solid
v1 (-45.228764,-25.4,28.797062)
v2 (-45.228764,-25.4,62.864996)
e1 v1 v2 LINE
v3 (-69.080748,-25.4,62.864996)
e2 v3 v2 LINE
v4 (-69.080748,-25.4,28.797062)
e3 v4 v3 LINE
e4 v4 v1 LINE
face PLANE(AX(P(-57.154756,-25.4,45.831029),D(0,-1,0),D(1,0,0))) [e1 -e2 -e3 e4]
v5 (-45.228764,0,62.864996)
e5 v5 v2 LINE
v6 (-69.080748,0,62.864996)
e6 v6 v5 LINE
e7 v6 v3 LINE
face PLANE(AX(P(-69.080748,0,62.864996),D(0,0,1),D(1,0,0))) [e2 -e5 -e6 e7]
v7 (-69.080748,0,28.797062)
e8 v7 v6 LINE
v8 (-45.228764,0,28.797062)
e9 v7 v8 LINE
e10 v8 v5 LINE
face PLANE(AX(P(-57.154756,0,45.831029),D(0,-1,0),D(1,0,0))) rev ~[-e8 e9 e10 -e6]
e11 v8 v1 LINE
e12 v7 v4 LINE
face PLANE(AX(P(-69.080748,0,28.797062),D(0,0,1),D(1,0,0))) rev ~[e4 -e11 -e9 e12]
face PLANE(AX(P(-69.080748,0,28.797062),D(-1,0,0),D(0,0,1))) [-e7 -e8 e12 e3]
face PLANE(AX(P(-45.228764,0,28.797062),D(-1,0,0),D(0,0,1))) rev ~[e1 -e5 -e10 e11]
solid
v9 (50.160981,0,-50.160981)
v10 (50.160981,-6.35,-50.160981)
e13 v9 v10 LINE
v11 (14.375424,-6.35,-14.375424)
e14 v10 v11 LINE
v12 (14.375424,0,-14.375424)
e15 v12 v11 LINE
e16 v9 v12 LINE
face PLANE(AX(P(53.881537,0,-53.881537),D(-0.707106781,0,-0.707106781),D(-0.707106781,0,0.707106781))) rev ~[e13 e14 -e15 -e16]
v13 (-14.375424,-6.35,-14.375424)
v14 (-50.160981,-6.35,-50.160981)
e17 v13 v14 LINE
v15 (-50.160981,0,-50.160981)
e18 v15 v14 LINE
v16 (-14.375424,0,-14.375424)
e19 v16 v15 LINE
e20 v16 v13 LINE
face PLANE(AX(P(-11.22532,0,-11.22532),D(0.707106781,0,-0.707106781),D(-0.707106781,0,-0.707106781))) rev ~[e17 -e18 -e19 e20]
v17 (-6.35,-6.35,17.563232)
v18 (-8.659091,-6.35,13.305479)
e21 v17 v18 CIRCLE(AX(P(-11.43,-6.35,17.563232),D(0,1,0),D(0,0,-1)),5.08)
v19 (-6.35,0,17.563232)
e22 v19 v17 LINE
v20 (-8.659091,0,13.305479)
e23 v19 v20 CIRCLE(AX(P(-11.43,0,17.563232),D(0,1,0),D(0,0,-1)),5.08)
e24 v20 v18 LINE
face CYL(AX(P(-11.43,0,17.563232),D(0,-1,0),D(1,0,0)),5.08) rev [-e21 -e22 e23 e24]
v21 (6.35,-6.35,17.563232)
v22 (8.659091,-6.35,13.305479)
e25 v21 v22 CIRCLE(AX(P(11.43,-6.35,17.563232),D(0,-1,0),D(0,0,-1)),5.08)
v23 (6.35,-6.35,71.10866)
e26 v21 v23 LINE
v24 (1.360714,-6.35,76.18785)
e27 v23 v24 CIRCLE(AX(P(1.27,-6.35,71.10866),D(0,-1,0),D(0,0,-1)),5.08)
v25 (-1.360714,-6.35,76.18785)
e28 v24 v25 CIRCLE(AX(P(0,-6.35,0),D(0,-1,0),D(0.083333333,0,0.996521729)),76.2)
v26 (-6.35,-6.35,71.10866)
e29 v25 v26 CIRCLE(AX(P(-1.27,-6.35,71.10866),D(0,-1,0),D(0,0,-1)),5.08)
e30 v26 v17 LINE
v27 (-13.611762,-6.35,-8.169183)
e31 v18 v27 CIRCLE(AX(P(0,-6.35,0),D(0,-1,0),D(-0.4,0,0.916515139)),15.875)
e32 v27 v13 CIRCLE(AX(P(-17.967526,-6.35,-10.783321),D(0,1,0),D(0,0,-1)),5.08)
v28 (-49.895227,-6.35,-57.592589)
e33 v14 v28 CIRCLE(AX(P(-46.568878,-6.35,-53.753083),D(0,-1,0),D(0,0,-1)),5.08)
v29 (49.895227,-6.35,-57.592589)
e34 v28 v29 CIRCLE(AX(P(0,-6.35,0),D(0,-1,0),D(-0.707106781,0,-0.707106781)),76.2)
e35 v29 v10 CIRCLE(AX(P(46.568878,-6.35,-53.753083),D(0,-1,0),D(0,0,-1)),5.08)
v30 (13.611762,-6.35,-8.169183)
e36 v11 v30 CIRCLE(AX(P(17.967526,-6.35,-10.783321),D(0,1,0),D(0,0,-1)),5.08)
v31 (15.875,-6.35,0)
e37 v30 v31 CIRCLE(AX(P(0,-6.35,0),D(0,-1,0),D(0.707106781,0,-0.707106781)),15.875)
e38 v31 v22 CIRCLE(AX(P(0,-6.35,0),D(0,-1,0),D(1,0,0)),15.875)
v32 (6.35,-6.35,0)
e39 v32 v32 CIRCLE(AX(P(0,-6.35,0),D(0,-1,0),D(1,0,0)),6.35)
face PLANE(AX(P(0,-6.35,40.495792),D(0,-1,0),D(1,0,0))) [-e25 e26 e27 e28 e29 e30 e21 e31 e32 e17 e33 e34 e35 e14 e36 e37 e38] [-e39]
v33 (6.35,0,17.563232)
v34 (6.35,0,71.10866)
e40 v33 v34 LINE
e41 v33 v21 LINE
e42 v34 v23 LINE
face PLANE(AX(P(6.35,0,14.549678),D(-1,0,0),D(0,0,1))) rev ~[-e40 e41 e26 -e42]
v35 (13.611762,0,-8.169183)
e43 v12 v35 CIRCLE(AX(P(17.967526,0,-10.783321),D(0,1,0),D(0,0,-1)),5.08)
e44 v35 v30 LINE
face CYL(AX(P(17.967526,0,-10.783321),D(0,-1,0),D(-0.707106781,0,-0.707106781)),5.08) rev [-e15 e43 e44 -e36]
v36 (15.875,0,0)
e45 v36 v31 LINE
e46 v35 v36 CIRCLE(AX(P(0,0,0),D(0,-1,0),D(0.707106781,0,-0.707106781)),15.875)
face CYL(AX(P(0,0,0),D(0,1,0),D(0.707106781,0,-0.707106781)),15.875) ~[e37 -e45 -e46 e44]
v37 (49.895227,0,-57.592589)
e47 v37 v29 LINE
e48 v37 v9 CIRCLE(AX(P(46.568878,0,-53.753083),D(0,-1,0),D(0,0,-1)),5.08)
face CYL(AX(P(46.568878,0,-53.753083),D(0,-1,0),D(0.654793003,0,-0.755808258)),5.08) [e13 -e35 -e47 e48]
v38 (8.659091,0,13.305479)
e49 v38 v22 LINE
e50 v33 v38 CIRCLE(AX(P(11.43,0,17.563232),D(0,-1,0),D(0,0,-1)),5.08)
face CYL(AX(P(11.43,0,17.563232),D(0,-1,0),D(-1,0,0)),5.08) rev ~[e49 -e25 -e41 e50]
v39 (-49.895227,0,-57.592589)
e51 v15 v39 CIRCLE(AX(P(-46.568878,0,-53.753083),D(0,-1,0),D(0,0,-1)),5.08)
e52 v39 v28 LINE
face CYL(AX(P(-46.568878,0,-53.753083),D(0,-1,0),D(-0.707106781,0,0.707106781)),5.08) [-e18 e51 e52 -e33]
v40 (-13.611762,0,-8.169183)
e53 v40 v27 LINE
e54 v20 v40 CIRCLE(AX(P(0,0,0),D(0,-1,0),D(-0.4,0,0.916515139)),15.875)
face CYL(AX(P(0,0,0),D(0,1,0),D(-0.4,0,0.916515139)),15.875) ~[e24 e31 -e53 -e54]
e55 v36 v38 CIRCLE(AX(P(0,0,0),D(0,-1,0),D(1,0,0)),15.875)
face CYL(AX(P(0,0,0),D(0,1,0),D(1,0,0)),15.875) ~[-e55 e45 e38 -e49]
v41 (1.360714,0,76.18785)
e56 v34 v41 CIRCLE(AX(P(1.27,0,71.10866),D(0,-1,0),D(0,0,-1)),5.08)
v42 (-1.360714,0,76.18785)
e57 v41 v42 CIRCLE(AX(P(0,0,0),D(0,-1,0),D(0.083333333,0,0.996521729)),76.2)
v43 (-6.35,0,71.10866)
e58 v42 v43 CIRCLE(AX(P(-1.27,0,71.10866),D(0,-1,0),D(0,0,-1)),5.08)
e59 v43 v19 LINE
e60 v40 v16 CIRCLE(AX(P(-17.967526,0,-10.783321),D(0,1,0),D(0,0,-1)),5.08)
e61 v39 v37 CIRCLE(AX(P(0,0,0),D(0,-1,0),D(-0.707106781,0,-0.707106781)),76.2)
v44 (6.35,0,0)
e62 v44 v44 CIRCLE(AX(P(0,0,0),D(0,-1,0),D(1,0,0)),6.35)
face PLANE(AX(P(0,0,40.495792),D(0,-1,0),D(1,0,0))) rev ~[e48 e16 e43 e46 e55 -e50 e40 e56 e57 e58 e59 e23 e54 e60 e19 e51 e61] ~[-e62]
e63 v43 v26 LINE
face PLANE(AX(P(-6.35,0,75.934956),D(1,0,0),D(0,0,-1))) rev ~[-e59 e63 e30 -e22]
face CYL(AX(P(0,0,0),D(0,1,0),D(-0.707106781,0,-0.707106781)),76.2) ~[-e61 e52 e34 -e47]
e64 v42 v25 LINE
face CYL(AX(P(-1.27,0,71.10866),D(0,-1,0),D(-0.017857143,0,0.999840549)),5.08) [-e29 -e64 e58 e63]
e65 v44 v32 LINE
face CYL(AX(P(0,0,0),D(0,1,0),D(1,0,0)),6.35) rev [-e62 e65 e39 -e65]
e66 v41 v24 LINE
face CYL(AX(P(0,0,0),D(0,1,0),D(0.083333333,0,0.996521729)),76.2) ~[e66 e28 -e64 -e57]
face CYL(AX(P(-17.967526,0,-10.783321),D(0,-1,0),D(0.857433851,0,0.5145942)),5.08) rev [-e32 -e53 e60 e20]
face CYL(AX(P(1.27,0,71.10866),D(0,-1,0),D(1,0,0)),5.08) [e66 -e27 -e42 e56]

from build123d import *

# Parameters (mm, degrees)
F0_R     = 6.35
F1_DEPTH = 6.35
F2_R     = 5.08
F3_W     = 23.8519832492
F3_H     = 34.067934379
F4_DEPTH = 25.4


with BuildPart() as f1:
    # F0 (on Front) → F1 (new body)
    with BuildSketch(Plane.XZ):
        with BuildLine():
            ThreePointArc((-6.35, 14.5496778315), (0, 15.875), (6.35, 14.5496778315))
            Line((6.35, 14.5496778315), (6.35, 66.3719302492))
            ThreePointArc((6.35, 66.3719302492), (0, 66.675), (-6.35, 66.3719302492))
            Line((-6.35, 66.3719302492), (-6.35, 14.5496778315))
        make_face()
        with BuildLine():
            ThreePointArc((-6.35, 66.3719302492), (0, 66.675), (6.35, 66.3719302492))
            Line((6.35, 66.3719302492), (6.35, 75.9349557187))
            ThreePointArc((6.35, 75.9349557187), (0, 76.2), (-6.35, 75.9349557187))
            Line((-6.35, 75.9349557187), (-6.35, 66.3719302492))
        make_face()
        with BuildLine():
            ThreePointArc((11.2253201513, -11.2253201513), (14.6665875786, -6.0750994888), (15.875, 0))
            ThreePointArc((15.875, 0), (13.2819779212, 8.6950956004), (6.35, 14.5496778315))
            ThreePointArc((6.35, 14.5496778315), (0, 15.875), (-6.35, 14.5496778315))
            ThreePointArc((-6.35, 14.5496778315), (-15.5984165818, 2.9504279589), (-11.2253201513, -11.2253201513))
            ThreePointArc((-11.2253201513, -11.2253201513), (0, -15.875), (11.2253201513, -11.2253201513))
        make_face()
        Circle(F0_R, mode=Mode.SUBTRACT)
        with BuildLine():
            Line((53.8815367264, -53.8815367264), (47.1463446356, -47.1463446356))
            ThreePointArc((47.1463446356, -47.1463446356), (0, -66.675), (-47.1463446356, -47.1463446356))
            Line((-47.1463446356, -47.1463446356), (-53.8815367264, -53.8815367264))
            ThreePointArc((-53.8815367264, -53.8815367264), (0, -76.2), (53.8815367264, -53.8815367264))
        make_face()
        with BuildLine():
            Line((47.1463446356, -47.1463446356), (11.2253201513, -11.2253201513))
            ThreePointArc((11.2253201513, -11.2253201513), (0, -15.875), (-11.2253201513, -11.2253201513))
            Line((-11.2253201513, -11.2253201513), (-47.1463446356, -47.1463446356))
            ThreePointArc((-47.1463446356, -47.1463446356), (0, -66.675), (47.1463446356, -47.1463446356))
        make_face()
    extrude(amount=F1_DEPTH)

    # F2
    f2_edges = [f1.edges().sort_by_distance(p)[0] for p in [
        (6.35, -3.175, 75.934956),
        (-6.35, -3.175, 75.934956),
        (-6.35, -3.175, 14.549678),
        (-11.22532, -3.175, -11.22532),
        (6.35, -3.175, 14.549678),
        (11.22532, -3.175, -11.22532),
        (53.881537, -3.175, -53.881537),
        (-53.881537, -3.175, -53.881537),
    ]]
    fillet(f2_edges, radius=F2_R)


with BuildPart() as f4:
    # F3 (on Front) → F4 (new body)
    with BuildSketch(Plane.XZ):
        with Locations((-57.1547560394, 45.8310293034)):
            Rectangle(F3_W, F3_H)
    extrude(amount=F4_DEPTH)


solid = Compound([f1.part, f4.part])
